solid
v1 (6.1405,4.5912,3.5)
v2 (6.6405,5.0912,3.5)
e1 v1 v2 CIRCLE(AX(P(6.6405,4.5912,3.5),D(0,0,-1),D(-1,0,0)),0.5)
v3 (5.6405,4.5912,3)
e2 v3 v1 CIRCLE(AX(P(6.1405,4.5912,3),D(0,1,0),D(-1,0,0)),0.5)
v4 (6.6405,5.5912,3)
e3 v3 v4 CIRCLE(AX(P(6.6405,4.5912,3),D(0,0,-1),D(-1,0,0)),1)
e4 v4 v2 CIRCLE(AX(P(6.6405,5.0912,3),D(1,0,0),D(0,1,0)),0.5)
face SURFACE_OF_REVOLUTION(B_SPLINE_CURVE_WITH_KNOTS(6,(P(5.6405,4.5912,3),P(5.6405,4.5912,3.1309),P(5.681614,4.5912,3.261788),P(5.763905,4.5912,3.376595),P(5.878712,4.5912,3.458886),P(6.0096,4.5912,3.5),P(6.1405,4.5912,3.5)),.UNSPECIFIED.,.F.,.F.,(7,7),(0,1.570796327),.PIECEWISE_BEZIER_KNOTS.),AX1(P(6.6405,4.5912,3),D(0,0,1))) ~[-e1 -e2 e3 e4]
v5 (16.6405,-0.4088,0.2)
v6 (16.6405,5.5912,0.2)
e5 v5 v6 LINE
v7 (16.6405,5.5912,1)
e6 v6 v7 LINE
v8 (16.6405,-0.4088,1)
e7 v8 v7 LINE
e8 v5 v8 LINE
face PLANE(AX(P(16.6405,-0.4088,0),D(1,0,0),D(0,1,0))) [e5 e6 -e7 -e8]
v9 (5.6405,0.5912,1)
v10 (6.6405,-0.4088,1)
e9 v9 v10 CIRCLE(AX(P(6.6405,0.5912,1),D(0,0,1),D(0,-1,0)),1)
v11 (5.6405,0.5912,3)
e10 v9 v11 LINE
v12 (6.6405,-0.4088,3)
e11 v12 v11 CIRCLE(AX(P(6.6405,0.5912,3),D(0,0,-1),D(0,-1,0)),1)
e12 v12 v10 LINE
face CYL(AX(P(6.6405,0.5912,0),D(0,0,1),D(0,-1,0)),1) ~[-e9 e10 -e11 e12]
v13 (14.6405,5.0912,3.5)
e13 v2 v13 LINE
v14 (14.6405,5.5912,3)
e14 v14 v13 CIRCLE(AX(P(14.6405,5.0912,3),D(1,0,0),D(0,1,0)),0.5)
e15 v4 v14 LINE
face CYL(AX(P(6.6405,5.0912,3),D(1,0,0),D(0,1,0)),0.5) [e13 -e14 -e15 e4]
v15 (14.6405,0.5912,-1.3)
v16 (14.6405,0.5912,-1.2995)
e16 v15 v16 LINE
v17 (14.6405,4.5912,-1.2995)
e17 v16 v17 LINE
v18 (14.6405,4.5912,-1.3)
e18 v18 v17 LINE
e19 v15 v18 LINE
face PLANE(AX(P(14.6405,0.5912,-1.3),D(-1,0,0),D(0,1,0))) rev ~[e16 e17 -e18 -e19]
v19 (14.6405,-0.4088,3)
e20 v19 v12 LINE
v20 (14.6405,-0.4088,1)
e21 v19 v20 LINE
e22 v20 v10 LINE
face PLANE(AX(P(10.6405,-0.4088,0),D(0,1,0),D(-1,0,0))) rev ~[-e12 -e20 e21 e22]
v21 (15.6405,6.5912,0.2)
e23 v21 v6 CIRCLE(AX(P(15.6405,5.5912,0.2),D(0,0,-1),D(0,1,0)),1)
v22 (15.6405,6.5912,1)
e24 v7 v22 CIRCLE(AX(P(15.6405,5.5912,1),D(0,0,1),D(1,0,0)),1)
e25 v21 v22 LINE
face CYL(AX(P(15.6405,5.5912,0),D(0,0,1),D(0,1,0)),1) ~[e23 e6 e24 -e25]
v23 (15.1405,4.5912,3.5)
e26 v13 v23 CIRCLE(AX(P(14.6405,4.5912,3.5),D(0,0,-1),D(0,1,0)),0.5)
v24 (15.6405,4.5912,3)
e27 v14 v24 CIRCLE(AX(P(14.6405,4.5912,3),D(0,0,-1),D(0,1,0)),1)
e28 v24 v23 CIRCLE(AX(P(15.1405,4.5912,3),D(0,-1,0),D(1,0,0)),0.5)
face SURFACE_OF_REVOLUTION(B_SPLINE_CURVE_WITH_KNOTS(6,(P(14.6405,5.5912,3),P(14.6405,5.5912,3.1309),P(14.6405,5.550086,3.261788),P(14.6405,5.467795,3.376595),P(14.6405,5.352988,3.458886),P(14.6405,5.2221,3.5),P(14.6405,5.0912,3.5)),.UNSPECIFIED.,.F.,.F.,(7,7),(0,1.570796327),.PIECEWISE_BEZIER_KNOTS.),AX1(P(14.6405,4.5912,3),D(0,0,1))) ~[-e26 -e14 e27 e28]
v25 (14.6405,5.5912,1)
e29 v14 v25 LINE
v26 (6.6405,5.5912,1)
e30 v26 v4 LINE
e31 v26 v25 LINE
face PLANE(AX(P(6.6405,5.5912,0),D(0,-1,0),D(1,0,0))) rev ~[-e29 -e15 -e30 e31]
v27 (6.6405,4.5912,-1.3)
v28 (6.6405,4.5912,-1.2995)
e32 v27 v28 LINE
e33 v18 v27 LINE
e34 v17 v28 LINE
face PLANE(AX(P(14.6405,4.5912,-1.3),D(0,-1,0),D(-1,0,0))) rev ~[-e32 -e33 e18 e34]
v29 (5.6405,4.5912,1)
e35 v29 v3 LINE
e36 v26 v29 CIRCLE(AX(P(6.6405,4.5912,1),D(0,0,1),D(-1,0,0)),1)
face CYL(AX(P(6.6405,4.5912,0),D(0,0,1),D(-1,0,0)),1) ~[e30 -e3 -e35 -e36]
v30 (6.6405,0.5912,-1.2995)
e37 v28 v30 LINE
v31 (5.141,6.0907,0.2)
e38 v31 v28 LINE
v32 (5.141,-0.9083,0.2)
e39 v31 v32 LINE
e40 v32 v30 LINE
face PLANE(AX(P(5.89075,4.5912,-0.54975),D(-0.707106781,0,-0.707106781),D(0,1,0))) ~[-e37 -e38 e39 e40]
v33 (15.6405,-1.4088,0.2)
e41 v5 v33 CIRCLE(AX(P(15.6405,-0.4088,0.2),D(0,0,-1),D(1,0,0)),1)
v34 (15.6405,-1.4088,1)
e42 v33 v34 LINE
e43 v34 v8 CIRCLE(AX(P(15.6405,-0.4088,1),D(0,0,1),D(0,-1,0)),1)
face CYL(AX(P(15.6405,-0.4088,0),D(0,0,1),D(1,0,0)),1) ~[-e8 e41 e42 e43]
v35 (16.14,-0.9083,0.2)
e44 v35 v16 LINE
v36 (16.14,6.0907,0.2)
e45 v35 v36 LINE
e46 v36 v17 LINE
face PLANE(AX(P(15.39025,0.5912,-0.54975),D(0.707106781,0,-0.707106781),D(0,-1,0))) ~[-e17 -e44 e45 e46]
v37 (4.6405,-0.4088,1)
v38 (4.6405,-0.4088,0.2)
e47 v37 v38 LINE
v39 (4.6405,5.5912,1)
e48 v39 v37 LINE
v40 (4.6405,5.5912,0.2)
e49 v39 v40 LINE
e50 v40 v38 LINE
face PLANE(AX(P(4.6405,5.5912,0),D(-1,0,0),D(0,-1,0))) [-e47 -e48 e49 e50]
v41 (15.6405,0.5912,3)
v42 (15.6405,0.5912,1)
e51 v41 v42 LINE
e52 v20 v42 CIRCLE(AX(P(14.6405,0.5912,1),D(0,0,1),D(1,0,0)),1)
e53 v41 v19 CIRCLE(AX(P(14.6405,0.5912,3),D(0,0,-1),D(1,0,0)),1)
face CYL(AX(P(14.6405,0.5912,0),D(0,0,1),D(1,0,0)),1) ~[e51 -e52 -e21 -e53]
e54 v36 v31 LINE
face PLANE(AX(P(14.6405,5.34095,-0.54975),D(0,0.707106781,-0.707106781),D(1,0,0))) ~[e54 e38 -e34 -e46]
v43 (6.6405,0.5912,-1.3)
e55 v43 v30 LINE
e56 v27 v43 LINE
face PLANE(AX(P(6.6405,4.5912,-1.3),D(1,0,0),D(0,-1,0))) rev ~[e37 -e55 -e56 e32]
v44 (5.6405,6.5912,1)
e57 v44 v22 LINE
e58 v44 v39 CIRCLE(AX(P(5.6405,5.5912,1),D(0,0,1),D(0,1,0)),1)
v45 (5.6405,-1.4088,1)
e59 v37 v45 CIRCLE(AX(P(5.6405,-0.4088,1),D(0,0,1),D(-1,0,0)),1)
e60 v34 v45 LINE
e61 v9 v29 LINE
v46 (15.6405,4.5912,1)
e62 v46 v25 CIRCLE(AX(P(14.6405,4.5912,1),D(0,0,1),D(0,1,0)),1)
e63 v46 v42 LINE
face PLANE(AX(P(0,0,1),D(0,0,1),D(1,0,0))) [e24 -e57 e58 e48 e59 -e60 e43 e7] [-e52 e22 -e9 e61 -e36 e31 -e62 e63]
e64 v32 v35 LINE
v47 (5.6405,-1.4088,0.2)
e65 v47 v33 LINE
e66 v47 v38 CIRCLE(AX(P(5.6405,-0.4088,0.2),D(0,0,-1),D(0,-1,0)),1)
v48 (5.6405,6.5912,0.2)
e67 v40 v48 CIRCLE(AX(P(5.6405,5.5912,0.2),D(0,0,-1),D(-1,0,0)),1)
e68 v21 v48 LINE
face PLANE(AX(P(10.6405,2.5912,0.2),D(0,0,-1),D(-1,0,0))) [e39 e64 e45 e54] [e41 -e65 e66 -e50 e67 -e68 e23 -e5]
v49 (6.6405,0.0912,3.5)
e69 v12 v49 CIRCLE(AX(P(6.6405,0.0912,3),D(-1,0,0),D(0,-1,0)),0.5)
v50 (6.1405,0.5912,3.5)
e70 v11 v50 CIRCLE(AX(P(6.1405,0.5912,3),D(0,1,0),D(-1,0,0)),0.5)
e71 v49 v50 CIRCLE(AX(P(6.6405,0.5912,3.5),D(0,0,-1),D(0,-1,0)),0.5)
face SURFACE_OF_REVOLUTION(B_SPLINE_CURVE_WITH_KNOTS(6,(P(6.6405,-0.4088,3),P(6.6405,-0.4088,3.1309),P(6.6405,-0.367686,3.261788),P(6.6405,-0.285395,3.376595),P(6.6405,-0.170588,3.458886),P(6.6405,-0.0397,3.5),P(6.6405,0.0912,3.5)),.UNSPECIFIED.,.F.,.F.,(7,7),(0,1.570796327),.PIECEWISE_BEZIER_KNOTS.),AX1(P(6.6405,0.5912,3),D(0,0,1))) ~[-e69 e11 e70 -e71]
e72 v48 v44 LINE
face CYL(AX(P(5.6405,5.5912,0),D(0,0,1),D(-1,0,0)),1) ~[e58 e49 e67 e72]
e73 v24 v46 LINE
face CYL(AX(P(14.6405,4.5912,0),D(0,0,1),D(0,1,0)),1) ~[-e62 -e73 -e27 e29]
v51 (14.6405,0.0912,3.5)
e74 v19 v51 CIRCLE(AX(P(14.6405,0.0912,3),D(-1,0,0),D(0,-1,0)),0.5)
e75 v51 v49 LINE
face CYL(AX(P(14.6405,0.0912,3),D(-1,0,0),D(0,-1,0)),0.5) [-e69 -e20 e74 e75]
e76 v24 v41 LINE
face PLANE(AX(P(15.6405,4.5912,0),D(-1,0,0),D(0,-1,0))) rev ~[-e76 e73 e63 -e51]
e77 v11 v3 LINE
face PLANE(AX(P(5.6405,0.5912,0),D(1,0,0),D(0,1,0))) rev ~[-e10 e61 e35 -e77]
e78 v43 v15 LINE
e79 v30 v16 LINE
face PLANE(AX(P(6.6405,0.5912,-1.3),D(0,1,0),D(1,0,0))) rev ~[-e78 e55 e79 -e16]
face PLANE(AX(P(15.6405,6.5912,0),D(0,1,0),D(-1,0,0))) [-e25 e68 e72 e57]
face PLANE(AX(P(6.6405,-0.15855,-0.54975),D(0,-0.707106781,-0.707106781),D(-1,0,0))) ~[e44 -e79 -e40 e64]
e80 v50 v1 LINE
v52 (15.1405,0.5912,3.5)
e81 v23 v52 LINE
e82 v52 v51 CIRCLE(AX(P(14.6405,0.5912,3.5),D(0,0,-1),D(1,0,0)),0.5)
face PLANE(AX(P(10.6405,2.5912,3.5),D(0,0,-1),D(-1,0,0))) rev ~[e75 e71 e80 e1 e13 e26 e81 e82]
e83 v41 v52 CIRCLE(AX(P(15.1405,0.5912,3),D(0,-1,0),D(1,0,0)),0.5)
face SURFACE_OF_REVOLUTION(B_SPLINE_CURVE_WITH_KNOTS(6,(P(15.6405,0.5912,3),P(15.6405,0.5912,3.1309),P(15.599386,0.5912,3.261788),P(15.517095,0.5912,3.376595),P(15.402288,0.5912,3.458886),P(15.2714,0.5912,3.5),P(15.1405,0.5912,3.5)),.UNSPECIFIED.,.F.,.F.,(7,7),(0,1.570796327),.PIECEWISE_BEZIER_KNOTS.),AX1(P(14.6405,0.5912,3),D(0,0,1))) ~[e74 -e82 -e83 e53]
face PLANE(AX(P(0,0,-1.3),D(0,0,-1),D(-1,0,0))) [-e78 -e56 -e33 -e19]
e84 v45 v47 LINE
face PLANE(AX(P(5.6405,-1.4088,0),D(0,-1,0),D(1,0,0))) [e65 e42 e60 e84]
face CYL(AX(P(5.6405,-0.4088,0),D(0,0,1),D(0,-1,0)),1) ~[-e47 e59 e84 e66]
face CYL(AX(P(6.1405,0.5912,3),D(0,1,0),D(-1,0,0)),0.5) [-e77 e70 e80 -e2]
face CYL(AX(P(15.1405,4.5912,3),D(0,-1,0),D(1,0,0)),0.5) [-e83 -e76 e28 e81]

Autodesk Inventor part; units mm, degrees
ref_plane "YZ Plane" through (0, 0, 0) normal (1, 0, 0) x (0, 1, 0)
ref_plane "XZ Plane" through (0, 0, 0) normal (0, 1, 0) x (-1, 0, 0)
ref_plane "XY Plane" through (0, 0, 0) normal (0, 0, 1) x (1, 0, 0)
sketch "Sketch1" plane through (0, 0, 0) normal (0, 0, 1) x (1, 0, 0)
  circle A0 centre (10.6405, 2.5912) radius 4
  line L0 (15.6405, 6.5912) -> (5.6405, 6.5912)
  line L1 (4.6405, 5.5912) -> (4.6405, -0.4088)
  line L2 (5.6405, -1.4088) -> (15.6405, -1.4088)
  line L3 (16.6405, -0.4088) -> (16.6405, 5.5912)
  line L4 (16.6405, 6.5912) -> (4.6405, -1.4088) construction
  line L5 (4.6405, 6.5912) -> (16.6405, -1.4088) construction
  arc A1 (5.6405, 6.5912) -> (4.6405, 5.5912) centre (5.6405, 5.5912) ccw
  arc A2 (4.6405, -0.4088) -> (5.6405, -1.4088) centre (5.6405, -0.4088) ccw
  arc A3 (15.6405, -1.4088) -> (16.6405, -0.4088) centre (15.6405, -0.4088) ccw
  arc A4 (16.6405, 5.5912) -> (15.6405, 6.5912) centre (15.6405, 5.5912) ccw
  point P0 (0, 0)
  point P1 (10.6405, 6.5912)
  point P2 (10.6405, -1.4088)
  dimension "d6" = 8
  dimension "d13" = 8
  dimension "d14" = 12
  dimension "d15" = 1
extrude "Extrusion1" add sketch "Sketch1" along normal blind 1
sketch "Sketch2" plane through (10.6405, 2.5912, 0) normal (0, 0, -1) x (-1, 0, 0)
  circle A0 centre (0, 0) radius 3
  line L0 (5, -4) -> (-5, -4) projected
  arc A1 (-6, -3) -> (-5, -4) centre (-5, -3) ccw projected
  line L1 (-6, -3) -> (-6, 3) projected
  arc A2 (-5, 4) -> (-6, 3) centre (-5, 3) ccw projected
  line L2 (-5, 4) -> (5, 4) projected
  arc A3 (6, 3) -> (5, 4) centre (5, 3) ccw projected
  line L3 (6, 3) -> (6, -3) projected
  arc A4 (5, -4) -> (6, -3) centre (5, -3) ccw projected
  line L4 (-4, -3) -> (4, -3)
  line L5 (5, -2) -> (5, 2)
  line L6 (4, 3) -> (-4, 3)
  line L7 (-5, 2) -> (-5, -2)
  arc A5 (5, 2) -> (4, 3) centre (4, 2) ccw
  arc A6 (4, -3) -> (5, -2) centre (4, -2) ccw
  arc A7 (-5, -2) -> (-4, -3) centre (-4, -2) ccw
  arc A8 (-4, 3) -> (-5, 2) centre (-4, 2) ccw
  point P0 (10.6405, -2.5912)
  point P1 (0, 3)
  point P2 (0, -3)
  dimension "d16" = 1
  dimension "d17" = 1
extrude "Extrusion2" add sketch "Sketch2" along normal blind 1.3 and the other way blind 3.5 contours A0 | A0 L6 A5 L5 A6 L4 | A0 L4 A7 L7 A8 L6
fillet "Fillet3" radius 0.5 10 edges at (15.3476, -0.1159, 3.5) (15.6405, 2.5912, 3.5) (15.3476, 5.2983, 3.5) (12.6405, 5.5912, 3.5) (8.6405, 5.5912, 3.5) (5.9334, 5.2983, 3.5) (5.6405, 2.5912, 3.5) (5.9334, -0.1159, 3.5) (8.6405, -0.4088, 3.5) (12.6405, -0.4088, 3.5)
sketch "Sketch4" plane through (0, 0, 0) normal (0, 0, -1) x (-1, 0, 0)
  point P0 (0, 0)
sketch "Sketch6" plane through (0, 0, 0) normal (0, 0, -1) x (-1, 0, 0)
  arc A0 (-15.6405, 0.5912) -> (-14.6405, -0.4088) centre (-14.6405, 0.5912) ccw projected
  line L0 (-15.6405, 0.5912) -> (-15.6405, 4.5912) projected
  arc A1 (-14.6405, 5.5912) -> (-15.6405, 4.5912) centre (-14.6405, 4.5912) ccw projected
  line L1 (-14.6405, 5.5912) -> (-6.6405, 5.5912) projected
  arc A2 (-5.6405, 4.5912) -> (-6.6405, 5.5912) centre (-6.6405, 4.5912) ccw projected
  line L2 (-5.6405, 4.5912) -> (-5.6405, 0.5912) projected
  arc A3 (-6.6405, -0.4088) -> (-5.6405, 0.5912) centre (-6.6405, 0.5912) ccw projected
  line L3 (-6.6405, -0.4088) -> (-14.6405, -0.4088) projected
  line L4 (-5.6405, -1.4088) -> (-15.6405, -1.4088) projected
  arc A4 (-5.6405, -1.4088) -> (-4.6405, -0.4088) centre (-5.6405, -0.4088) ccw projected
  line L5 (-4.6405, 5.5912) -> (-4.6405, -0.4088) projected
  arc A5 (-4.6405, 5.5912) -> (-5.6405, 6.5912) centre (-5.6405, 5.5912) ccw projected
  line L6 (-15.6405, 6.5912) -> (-5.6405, 6.5912) projected
  arc A6 (-15.6405, 6.5912) -> (-16.6405, 5.5912) centre (-15.6405, 5.5912) ccw projected
  line L7 (-16.6405, -0.4088) -> (-16.6405, 5.5912) projected
  arc A7 (-16.6405, -0.4088) -> (-15.6405, -1.4088) centre (-15.6405, -0.4088) ccw projected
  point P0 (0, 0)
extrude "Extrusion5" add sketch "Sketch6" along normal up to surface (1.3 mm away)
sketch "Sketch7" plane through (10.6405, 2.5912, -1.3) normal (0, 0, -1) x (-1, 0, 0)
  arc A0 (6, 3) -> (5, 4) centre (5, 3) ccw projected
  line L0 (-5, 4) -> (5, 4) projected
  arc A1 (-5, 4) -> (-6, 3) centre (-5, 3) ccw projected
  line L1 (-6, -3) -> (-6, 3) projected
  arc A2 (-6, -3) -> (-5, -4) centre (-5, -3) ccw projected
  line L2 (5, -4) -> (-5, -4) projected
  arc A3 (5, -4) -> (6, -3) centre (5, -3) ccw projected
  line L3 (6, 3) -> (6, -3) projected
  line L4 (4, -2) -> (-4, -2)
  line L5 (-4, -2) -> (-4, 2)
  line L6 (-4, 2) -> (4, 2)
  line L7 (4, 2) -> (4, -2)
  point P0 (10.6405, -2.5912)
  dimension "d28" = 2
extrude "Extrusion6" cut sketch "Sketch7" against normal blind 1.5
chamfer "Chamfer2" distance 1.5 angle 45 4 edges at (10.6405, 0.5912, 0.2) (6.6405, 2.5912, 0.2) (10.6405, 4.5912, 0.2) (14.6405, 2.5912, 0.2)
properties part number "button_3DPrint"
